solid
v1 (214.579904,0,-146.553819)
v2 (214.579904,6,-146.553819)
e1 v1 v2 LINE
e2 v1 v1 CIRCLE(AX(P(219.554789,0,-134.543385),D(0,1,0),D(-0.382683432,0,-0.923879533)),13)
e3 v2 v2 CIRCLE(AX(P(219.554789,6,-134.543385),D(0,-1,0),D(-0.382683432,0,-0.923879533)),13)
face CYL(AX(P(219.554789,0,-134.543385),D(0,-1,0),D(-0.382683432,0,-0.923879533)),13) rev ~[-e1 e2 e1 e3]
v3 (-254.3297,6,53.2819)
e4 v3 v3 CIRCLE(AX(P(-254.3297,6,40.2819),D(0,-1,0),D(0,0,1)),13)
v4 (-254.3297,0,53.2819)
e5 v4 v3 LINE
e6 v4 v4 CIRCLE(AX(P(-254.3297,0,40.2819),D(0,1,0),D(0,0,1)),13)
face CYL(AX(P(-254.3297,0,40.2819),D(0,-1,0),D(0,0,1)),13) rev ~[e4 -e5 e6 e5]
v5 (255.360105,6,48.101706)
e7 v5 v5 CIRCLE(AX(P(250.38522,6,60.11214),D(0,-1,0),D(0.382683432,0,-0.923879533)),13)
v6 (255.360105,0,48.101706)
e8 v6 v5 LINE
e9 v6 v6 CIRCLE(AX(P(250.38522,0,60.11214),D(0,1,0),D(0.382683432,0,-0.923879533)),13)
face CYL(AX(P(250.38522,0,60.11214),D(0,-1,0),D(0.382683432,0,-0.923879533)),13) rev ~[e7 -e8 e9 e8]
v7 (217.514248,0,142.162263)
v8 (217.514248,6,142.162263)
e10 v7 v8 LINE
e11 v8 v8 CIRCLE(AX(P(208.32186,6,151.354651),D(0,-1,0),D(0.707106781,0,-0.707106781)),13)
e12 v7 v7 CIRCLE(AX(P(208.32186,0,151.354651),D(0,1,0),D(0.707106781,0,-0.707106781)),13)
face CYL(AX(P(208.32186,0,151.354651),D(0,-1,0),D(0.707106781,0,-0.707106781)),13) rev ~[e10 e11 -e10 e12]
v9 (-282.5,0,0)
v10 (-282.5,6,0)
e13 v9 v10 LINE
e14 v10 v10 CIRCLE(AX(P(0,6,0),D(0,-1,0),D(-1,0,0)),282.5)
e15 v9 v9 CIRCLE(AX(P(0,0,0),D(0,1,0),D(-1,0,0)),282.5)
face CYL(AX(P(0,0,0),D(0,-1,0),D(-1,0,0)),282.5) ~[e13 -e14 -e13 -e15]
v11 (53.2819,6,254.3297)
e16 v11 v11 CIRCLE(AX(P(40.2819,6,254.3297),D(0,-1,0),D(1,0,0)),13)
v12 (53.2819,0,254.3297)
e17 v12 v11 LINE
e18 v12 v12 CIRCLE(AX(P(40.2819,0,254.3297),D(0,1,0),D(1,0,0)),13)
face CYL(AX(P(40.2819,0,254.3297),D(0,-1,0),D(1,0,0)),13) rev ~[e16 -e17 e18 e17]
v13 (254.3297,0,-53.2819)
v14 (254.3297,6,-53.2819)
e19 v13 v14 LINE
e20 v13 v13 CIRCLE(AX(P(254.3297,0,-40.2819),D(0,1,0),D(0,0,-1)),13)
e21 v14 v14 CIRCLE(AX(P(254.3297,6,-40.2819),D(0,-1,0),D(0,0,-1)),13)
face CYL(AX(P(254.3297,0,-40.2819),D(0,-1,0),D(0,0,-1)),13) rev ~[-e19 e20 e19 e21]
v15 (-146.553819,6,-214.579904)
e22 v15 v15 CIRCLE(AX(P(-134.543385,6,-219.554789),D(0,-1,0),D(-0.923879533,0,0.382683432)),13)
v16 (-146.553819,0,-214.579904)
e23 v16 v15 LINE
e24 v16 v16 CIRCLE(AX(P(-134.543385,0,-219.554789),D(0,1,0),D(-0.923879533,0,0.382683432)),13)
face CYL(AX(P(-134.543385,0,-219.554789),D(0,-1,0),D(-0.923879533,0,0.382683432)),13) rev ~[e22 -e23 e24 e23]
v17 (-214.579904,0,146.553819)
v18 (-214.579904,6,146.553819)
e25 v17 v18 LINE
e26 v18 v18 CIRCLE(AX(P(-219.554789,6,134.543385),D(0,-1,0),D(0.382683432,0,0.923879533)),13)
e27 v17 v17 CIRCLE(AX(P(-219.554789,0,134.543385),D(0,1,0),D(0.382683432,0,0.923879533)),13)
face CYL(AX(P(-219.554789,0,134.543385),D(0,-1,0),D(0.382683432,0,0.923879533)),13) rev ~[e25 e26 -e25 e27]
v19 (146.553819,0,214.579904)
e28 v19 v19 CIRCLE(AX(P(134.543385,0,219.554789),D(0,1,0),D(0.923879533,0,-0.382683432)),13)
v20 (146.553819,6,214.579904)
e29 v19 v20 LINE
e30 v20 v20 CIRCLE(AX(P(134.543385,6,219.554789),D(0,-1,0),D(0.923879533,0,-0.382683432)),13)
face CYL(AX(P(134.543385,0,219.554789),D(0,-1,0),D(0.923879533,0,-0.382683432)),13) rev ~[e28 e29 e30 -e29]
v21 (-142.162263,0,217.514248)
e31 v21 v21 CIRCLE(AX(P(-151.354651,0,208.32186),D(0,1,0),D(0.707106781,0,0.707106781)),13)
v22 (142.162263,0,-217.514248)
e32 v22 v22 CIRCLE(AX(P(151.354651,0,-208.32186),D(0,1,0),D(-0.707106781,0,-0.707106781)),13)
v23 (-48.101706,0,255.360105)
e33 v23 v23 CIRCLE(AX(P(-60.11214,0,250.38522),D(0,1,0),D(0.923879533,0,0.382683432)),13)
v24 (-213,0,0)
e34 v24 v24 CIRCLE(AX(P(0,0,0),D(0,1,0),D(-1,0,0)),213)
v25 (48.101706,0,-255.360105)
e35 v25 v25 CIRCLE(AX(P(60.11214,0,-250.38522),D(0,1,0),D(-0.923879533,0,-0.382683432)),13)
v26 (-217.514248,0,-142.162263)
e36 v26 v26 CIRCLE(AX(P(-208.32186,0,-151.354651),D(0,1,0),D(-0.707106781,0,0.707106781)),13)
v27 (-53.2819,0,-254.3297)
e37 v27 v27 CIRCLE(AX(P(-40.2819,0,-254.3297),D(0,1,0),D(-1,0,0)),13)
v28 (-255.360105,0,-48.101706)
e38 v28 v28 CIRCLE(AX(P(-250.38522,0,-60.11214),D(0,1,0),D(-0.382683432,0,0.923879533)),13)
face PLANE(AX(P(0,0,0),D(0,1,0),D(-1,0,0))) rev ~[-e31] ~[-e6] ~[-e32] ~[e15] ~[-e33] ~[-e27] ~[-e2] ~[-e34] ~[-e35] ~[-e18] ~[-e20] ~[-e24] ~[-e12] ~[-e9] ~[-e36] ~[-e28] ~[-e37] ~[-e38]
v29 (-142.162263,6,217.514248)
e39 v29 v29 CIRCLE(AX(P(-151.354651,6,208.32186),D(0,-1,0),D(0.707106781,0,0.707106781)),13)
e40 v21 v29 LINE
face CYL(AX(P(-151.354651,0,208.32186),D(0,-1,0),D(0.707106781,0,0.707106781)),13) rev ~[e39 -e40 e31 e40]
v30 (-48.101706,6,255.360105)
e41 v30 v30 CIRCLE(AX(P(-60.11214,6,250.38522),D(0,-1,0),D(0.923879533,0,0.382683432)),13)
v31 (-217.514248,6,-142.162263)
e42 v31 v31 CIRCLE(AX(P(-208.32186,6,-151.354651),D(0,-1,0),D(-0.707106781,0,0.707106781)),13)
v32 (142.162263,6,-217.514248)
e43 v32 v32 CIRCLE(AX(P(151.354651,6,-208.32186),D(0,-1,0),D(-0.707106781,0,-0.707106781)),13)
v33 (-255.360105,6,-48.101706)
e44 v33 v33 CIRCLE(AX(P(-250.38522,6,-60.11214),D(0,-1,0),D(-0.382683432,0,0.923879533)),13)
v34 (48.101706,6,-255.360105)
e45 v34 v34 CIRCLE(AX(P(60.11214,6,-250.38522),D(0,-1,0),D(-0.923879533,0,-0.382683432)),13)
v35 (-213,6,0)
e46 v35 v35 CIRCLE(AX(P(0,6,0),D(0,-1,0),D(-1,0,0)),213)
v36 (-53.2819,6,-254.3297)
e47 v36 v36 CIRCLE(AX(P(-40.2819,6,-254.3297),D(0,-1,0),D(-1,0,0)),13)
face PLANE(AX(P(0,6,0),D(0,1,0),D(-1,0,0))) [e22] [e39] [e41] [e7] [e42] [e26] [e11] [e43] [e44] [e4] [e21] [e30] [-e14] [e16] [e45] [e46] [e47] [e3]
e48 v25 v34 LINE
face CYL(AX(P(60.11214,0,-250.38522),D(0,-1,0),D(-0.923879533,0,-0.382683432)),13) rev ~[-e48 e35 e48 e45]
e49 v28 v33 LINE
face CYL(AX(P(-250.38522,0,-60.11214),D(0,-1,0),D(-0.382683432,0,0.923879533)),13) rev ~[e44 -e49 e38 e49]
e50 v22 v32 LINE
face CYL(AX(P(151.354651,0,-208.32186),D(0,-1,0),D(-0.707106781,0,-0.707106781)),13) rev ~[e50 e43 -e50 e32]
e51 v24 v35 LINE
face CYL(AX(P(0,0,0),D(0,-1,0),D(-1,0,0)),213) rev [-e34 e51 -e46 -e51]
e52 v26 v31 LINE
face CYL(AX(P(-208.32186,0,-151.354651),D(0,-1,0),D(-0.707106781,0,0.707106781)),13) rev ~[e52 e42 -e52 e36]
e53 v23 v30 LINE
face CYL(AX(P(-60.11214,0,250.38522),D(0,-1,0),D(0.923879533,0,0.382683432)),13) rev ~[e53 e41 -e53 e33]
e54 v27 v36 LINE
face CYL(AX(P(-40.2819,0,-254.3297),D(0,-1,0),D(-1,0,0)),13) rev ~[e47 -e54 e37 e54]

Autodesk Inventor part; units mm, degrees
ref_plane "YZ Plane" through (0, 0, 0) normal (1, 0, 0) x (0, 1, 0)
ref_plane "XZ Plane" through (0, 0, 0) normal (0, 1, 0) x (-1, 0, 0)
ref_plane "XY Plane" through (0, 0, 0) normal (0, 0, 1) x (1, 0, 0)
sketch "Sketch1" plane through (0, 0, 0) normal (0, 1, 0) x (-1, 0, 0)
  circle A0 centre (0, 0) radius 213
  circle A1 centre (0, 0) radius 282.5
  line L0 (282.5, 0) -> (213, 0)
  line L1 (-213, 0) -> (-282.5, 0)
  line L2 (0, 213) -> (0, 282.5)
  point P0 (247.75, 0)
  point P1 (-247.75, 0)
  point P2 (0, 247.75)
  dimension "d1" = 565
  dimension "d4" = 426
extrude "Extrusion1" add sketch "Sketch1" along normal blind 6 contours L0 A1 L1 A0 | A0 L2 A1 L0 | A0 L1 A1 L2
sketch "Sketch2" plane through (0, 0, 0) normal (0, -1, 0) x (1, 0, 0)
  circle A0 centre (0, 0) radius 282.5 projected
  circle A1 centre (0, 0) radius 213 projected
  circle A2 centre (40.2819, 254.3297) radius 13
  circle A3 centre (0, 0) radius 213 projected
  line L0 (40.2819, 254.3297) -> (0, 0)
  point P0 (0, 213)
  point P1 (265, 0)
  dimension "d5" = 257.5
  dimension "d7" = 26
extrude "Cut1" cut sketch "Sketch2" against normal blind 6 contours A2
pattern_circular "Circular Pattern1" count 16 over 360 about axis through (0, 0, 0) along (0, 1, 0) of "Cut1"
equation "\"d1\" = Charging_hatch_width"
equation "\"d4\" = Accsess_hatch_diameter"
equation "\"d9\" = Thickness"
equation "\"BendRadius\" = Thickness"
equation "\"BendReliefWidth\" = Thickness"
equation "\"BendReliefDepth\" = 0.5 * Thickness"
equation "\"CornerReliefSize\" = 4 * Thickness"
equation "\"MinimumRemnant\" = 2 * Thickness"
equation "\"TransitionRadius\" = BendRadius"
equation "\"JacobiRadiusSize\" = BendRadius"
equation "\"GapSize\" = Thickness"
equation "\"d8\" = Thickness"
equation "\"Charging_hatch_width\" = 565"
equation "\"Accsess_hatch_diameter\" = 426"
equation "\"Thickness\" = 6"
properties part number "TZS 1203 accses hatch flange" material "Steel"
